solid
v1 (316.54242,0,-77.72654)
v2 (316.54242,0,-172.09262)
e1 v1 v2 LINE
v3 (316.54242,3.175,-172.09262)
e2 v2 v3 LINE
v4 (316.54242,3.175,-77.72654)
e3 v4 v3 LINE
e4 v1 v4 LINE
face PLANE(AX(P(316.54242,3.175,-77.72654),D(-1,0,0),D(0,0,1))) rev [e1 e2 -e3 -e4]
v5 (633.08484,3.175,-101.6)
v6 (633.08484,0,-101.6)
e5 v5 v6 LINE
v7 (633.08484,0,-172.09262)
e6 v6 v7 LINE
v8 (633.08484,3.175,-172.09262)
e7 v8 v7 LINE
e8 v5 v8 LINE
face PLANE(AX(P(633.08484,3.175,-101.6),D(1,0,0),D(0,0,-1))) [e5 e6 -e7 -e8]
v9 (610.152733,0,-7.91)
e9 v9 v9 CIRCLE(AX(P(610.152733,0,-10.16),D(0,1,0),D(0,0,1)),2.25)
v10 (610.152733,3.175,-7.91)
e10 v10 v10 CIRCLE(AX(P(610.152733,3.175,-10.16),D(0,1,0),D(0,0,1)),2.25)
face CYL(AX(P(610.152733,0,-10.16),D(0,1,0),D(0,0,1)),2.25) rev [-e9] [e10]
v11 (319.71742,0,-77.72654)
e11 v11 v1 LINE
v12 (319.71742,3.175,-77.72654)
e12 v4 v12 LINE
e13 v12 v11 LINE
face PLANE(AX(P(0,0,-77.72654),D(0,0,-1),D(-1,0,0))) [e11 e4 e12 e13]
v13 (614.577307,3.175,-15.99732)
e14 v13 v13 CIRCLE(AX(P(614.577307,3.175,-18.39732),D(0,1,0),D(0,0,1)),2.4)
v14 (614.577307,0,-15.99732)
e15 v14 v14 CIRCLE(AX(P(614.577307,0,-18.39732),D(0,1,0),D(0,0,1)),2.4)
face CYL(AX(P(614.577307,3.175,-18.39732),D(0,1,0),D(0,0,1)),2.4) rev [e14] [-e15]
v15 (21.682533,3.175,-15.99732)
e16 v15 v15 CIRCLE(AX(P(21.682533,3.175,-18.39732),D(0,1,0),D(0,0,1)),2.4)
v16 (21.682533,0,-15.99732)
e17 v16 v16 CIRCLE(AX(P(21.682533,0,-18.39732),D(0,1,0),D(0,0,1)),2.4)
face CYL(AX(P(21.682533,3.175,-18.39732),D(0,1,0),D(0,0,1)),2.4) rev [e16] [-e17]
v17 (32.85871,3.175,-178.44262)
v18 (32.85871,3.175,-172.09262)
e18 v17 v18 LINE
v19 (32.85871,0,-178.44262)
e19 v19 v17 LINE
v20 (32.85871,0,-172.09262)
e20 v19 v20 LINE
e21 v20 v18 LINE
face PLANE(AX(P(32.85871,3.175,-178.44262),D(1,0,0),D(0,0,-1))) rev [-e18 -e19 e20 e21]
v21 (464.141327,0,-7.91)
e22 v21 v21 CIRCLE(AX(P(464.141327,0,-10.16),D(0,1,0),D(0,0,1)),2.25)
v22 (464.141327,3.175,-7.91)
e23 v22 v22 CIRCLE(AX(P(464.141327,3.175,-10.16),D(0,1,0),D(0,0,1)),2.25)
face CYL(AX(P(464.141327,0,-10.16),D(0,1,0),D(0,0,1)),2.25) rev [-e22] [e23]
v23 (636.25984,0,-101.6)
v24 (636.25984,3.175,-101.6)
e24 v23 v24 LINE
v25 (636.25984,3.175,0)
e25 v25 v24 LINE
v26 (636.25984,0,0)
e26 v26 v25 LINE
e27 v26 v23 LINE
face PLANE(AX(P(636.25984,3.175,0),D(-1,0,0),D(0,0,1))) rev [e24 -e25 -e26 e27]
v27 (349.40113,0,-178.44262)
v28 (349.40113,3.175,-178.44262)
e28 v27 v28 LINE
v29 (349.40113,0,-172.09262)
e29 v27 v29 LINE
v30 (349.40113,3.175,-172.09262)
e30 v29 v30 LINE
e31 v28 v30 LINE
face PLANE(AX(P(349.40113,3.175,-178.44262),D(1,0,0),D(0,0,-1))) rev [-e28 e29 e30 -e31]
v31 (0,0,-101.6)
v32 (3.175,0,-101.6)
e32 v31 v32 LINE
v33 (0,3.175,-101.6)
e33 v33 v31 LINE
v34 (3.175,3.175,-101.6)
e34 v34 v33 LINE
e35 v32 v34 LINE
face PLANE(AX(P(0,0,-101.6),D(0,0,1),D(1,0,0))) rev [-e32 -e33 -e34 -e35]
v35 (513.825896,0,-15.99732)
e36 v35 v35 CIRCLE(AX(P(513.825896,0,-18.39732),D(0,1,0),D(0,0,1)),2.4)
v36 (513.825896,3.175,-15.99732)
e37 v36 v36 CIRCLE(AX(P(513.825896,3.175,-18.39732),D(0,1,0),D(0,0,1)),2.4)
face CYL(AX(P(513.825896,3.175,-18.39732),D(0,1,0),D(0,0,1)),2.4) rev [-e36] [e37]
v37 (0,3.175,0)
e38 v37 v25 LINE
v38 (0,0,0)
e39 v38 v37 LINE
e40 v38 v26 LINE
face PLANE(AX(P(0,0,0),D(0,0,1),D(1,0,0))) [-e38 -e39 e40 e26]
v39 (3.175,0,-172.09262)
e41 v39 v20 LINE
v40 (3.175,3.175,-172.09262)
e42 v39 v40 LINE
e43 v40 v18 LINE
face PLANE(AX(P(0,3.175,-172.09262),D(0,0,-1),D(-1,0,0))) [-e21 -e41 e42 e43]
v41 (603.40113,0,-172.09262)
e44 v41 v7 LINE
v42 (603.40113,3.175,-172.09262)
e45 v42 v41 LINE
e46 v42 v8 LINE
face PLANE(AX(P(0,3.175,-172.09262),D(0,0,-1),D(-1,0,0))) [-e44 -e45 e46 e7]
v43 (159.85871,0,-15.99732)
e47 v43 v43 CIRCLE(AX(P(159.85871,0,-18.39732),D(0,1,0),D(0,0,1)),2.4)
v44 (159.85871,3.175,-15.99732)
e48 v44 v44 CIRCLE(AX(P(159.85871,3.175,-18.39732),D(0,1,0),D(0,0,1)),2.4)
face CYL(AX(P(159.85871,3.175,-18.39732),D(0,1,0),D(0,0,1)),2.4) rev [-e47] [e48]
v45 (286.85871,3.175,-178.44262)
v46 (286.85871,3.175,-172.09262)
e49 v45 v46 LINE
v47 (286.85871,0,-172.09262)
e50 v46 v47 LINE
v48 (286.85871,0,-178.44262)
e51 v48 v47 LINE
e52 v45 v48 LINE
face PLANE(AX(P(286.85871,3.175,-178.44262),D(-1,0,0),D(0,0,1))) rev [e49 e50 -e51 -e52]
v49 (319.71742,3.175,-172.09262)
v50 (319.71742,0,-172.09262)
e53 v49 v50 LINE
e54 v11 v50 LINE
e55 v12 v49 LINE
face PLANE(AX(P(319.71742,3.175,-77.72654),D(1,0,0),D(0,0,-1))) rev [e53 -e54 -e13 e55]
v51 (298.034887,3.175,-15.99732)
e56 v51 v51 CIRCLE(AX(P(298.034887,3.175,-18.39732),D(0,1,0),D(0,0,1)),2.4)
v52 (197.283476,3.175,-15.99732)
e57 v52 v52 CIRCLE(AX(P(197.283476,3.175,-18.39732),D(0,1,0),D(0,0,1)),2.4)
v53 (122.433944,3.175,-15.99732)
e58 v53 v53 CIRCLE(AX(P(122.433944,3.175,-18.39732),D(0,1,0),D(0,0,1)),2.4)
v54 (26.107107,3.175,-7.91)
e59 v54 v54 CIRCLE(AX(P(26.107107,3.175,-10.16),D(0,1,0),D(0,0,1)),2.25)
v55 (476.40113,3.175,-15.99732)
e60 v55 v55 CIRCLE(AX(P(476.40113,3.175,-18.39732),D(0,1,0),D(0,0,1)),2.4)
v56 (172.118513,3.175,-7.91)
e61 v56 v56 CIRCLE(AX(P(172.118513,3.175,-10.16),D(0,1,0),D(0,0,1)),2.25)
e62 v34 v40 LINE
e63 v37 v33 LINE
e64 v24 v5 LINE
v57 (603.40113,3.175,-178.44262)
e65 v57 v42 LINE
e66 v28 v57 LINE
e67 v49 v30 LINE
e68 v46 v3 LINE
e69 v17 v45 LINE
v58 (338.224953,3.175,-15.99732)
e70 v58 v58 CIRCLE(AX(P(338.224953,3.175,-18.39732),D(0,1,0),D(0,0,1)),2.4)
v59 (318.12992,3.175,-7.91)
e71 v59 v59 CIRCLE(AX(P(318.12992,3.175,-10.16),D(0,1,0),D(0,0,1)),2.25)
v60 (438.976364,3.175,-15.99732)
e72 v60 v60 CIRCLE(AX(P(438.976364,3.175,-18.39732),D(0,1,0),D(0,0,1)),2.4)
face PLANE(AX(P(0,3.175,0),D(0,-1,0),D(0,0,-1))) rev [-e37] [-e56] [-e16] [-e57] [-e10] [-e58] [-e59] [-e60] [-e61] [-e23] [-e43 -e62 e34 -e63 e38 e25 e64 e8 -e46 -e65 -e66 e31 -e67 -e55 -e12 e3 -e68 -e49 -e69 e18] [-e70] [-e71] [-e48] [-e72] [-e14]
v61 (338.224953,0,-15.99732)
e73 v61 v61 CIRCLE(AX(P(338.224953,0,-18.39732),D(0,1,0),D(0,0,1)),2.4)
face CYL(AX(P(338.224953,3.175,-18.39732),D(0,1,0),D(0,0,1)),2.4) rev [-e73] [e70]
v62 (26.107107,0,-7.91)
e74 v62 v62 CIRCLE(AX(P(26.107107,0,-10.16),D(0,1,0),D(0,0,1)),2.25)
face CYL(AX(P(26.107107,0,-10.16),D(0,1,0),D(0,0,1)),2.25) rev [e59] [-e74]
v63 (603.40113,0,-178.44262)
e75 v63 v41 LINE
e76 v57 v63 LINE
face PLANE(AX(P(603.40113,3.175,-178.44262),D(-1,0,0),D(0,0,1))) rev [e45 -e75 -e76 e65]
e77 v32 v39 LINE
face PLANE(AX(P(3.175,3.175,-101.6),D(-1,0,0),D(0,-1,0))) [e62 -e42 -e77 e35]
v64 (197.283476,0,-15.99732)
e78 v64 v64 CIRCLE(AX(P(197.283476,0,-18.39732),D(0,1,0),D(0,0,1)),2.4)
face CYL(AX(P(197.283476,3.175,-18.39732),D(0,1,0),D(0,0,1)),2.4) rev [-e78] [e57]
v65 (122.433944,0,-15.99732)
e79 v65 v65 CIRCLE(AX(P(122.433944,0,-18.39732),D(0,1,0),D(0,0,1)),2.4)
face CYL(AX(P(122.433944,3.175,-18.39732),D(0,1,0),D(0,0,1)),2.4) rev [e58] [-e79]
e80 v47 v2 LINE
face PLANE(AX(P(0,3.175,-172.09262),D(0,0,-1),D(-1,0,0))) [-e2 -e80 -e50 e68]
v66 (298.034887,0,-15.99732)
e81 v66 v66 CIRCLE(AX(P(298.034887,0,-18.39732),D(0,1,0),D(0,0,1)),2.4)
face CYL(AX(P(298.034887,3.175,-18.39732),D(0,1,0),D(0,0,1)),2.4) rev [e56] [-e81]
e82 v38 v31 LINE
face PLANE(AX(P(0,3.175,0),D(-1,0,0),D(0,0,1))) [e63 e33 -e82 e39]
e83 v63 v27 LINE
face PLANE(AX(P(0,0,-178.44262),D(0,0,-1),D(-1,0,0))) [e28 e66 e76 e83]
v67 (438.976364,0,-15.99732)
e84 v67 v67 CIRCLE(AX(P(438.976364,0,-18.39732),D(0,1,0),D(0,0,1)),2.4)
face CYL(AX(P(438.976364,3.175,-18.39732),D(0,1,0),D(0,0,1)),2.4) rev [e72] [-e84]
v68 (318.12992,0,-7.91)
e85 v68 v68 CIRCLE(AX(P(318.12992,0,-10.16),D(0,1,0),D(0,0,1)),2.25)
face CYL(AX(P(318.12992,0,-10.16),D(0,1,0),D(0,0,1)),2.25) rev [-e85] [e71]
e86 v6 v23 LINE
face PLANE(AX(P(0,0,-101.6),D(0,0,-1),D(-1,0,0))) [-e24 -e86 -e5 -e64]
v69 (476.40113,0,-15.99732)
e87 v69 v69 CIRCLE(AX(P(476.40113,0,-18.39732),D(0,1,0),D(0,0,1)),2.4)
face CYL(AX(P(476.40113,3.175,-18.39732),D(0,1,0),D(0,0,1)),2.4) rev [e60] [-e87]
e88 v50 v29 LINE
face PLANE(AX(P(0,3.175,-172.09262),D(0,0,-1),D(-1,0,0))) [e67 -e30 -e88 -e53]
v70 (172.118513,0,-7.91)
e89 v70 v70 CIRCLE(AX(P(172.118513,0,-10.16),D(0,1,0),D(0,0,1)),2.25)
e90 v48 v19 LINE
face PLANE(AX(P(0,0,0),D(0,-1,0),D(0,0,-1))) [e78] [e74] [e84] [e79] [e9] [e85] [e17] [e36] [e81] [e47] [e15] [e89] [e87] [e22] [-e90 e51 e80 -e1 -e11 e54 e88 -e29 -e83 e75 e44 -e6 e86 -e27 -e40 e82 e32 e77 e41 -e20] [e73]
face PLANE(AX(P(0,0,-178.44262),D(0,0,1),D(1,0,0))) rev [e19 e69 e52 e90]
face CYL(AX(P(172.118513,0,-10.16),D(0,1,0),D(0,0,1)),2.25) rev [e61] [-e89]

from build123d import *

# Parameters (mm, degrees)
SKETCH1_W            = 636.25984
SKETCH1_H            = 172.09262
BOSS_EXTRUDE1_DEPTH  = 3.175
SKETCH2_W            = 3.175
SKETCH2_H            = 3.175
CUT_EXTRUDE1_DEPTH   = 94.36608
SKETCH3_W            = 3.175
SKETCH3_H            = 3.175
CUT_EXTRUDE5_DEPTH   = 70.49262
SKETCH4_W            = 636.25984
SKETCH4_H            = 24.39416
CUT_EXTRUDE6_DEPTH   = 660.130134708
SKETCH6_W            = 636.25984
SKETCH6_H            = 24.39416
BOSS_EXTRUDE2_DEPTH  = 3.175
SKETCH7_W            = 254
SKETCH7_H            = 3.175
BOSS_EXTRUDE3_DEPTH  = 6.35
SKETCH8_R            = 2.25
CUT_EXTRUDE7_DEPTH   = 661.816489847
M4_CLEARANCE_HOLE1_D = 4.8


with BuildPart() as part:
    # Sketch1 → Boss-Extrude1 (new body)
    with BuildSketch(Plane(origin=(0, 0, 0), x_dir=(1, 0, 0), z_dir=(0, 1, 0))):
        with Locations((318.12992, 86.04631)):
            Rectangle(SKETCH1_W, SKETCH1_H)
    extrude(amount=BOSS_EXTRUDE1_DEPTH)

    # Sketch2 → Cut-Extrude1 (cut)
    with BuildSketch(Plane(origin=(0, 0, -172.09262), x_dir=(-1, 0, 0), z_dir=(0, 0, -1))):
        with Locations((-318.12992, 1.5875)):
            Rectangle(SKETCH2_W, SKETCH2_H)
    extrude(amount=-CUT_EXTRUDE1_DEPTH, mode=Mode.SUBTRACT)

    # Sketch3 → Cut-Extrude5 (cut)
    with BuildSketch(Plane.XY.offset(-172.09262)):
        with Locations((1.5875, 1.5875)):
            Rectangle(SKETCH3_W, SKETCH3_H)
        with Locations((634.67234, 1.5875)):
            Rectangle(SKETCH3_W, SKETCH3_H)
    extrude(amount=CUT_EXTRUDE5_DEPTH, mode=Mode.SUBTRACT)

    # Sketch4 → Cut-Extrude6 (cut, through all)
    with BuildSketch(Plane(origin=(0, 3.175, 0), x_dir=(1, 0, 0), z_dir=(0, 1, 0))):
        with Locations((318.12992, 12.19708)):
            Rectangle(SKETCH4_W, SKETCH4_H)
    extrude(amount=-CUT_EXTRUDE6_DEPTH, mode=Mode.SUBTRACT)

    # Sketch6 → Boss-Extrude2 (add, through all)
    with BuildSketch(Plane(origin=(0, 3.175, 0), x_dir=(1, 0, 0), z_dir=(0, 1, 0))):
        with Locations((318.12992, 12.19708)):
            Rectangle(SKETCH6_W, SKETCH6_H)
    extrude(amount=-BOSS_EXTRUDE2_DEPTH)

    # Sketch7 → Boss-Extrude3 (add)
    with BuildSketch(Plane(origin=(0, 0, -172.09262), x_dir=(-1, 0, 0), z_dir=(0, 0, -1))):
        with Locations((-476.40113, 1.5875)):
            Rectangle(SKETCH7_W, SKETCH7_H)
        with Locations((-159.85871, 1.5875)):
            Rectangle(SKETCH7_W, SKETCH7_H)
    extrude(amount=BOSS_EXTRUDE3_DEPTH)

    # Sketch8 → Cut-Extrude7 (cut, through all)
    with BuildSketch(Plane(origin=(0, 3.175, 0), x_dir=(1, 0, 0), z_dir=(0, 1, 0))):
        with Locations(Location((26.107106781, 10.16, 0), (0, 0, 270))):
            Circle(SKETCH8_R)
        with Locations(Location((172.118513391, 10.16, 0), (0, 0, 270))):
            Circle(SKETCH8_R)
        with Locations(Location((318.12992, 10.16, 0), (0, 0, 270))):
            Circle(SKETCH8_R)
        with Locations(Location((464.141326609, 10.16, 0), (0, 0, 270))):
            Circle(SKETCH8_R)
        with Locations(Location((610.152733219, 10.16, 0), (0, 0, 270))):
            Circle(SKETCH8_R)
    extrude(amount=-CUT_EXTRUDE7_DEPTH, mode=Mode.SUBTRACT)

    # M4 Clearance Hole1 (through all)
    with Locations(Plane(origin=(0, 3.175, 0), x_dir=(1, 0, 0), z_dir=(0, 1, 0))):
        with Locations((21.682533496, 18.397319949), (122.433944248, 18.397319949), (159.85871, 18.397319949), (197.283475752, 18.397319949), (298.034886505, 18.397319949), (338.224953495, 18.397319949), (438.976364248, 18.397319949), (476.40113, 18.397319949), (513.825895752, 18.397319949), (614.577306504, 18.397319949)):
            Hole(M4_CLEARANCE_HOLE1_D / 2)


solid = part.part
